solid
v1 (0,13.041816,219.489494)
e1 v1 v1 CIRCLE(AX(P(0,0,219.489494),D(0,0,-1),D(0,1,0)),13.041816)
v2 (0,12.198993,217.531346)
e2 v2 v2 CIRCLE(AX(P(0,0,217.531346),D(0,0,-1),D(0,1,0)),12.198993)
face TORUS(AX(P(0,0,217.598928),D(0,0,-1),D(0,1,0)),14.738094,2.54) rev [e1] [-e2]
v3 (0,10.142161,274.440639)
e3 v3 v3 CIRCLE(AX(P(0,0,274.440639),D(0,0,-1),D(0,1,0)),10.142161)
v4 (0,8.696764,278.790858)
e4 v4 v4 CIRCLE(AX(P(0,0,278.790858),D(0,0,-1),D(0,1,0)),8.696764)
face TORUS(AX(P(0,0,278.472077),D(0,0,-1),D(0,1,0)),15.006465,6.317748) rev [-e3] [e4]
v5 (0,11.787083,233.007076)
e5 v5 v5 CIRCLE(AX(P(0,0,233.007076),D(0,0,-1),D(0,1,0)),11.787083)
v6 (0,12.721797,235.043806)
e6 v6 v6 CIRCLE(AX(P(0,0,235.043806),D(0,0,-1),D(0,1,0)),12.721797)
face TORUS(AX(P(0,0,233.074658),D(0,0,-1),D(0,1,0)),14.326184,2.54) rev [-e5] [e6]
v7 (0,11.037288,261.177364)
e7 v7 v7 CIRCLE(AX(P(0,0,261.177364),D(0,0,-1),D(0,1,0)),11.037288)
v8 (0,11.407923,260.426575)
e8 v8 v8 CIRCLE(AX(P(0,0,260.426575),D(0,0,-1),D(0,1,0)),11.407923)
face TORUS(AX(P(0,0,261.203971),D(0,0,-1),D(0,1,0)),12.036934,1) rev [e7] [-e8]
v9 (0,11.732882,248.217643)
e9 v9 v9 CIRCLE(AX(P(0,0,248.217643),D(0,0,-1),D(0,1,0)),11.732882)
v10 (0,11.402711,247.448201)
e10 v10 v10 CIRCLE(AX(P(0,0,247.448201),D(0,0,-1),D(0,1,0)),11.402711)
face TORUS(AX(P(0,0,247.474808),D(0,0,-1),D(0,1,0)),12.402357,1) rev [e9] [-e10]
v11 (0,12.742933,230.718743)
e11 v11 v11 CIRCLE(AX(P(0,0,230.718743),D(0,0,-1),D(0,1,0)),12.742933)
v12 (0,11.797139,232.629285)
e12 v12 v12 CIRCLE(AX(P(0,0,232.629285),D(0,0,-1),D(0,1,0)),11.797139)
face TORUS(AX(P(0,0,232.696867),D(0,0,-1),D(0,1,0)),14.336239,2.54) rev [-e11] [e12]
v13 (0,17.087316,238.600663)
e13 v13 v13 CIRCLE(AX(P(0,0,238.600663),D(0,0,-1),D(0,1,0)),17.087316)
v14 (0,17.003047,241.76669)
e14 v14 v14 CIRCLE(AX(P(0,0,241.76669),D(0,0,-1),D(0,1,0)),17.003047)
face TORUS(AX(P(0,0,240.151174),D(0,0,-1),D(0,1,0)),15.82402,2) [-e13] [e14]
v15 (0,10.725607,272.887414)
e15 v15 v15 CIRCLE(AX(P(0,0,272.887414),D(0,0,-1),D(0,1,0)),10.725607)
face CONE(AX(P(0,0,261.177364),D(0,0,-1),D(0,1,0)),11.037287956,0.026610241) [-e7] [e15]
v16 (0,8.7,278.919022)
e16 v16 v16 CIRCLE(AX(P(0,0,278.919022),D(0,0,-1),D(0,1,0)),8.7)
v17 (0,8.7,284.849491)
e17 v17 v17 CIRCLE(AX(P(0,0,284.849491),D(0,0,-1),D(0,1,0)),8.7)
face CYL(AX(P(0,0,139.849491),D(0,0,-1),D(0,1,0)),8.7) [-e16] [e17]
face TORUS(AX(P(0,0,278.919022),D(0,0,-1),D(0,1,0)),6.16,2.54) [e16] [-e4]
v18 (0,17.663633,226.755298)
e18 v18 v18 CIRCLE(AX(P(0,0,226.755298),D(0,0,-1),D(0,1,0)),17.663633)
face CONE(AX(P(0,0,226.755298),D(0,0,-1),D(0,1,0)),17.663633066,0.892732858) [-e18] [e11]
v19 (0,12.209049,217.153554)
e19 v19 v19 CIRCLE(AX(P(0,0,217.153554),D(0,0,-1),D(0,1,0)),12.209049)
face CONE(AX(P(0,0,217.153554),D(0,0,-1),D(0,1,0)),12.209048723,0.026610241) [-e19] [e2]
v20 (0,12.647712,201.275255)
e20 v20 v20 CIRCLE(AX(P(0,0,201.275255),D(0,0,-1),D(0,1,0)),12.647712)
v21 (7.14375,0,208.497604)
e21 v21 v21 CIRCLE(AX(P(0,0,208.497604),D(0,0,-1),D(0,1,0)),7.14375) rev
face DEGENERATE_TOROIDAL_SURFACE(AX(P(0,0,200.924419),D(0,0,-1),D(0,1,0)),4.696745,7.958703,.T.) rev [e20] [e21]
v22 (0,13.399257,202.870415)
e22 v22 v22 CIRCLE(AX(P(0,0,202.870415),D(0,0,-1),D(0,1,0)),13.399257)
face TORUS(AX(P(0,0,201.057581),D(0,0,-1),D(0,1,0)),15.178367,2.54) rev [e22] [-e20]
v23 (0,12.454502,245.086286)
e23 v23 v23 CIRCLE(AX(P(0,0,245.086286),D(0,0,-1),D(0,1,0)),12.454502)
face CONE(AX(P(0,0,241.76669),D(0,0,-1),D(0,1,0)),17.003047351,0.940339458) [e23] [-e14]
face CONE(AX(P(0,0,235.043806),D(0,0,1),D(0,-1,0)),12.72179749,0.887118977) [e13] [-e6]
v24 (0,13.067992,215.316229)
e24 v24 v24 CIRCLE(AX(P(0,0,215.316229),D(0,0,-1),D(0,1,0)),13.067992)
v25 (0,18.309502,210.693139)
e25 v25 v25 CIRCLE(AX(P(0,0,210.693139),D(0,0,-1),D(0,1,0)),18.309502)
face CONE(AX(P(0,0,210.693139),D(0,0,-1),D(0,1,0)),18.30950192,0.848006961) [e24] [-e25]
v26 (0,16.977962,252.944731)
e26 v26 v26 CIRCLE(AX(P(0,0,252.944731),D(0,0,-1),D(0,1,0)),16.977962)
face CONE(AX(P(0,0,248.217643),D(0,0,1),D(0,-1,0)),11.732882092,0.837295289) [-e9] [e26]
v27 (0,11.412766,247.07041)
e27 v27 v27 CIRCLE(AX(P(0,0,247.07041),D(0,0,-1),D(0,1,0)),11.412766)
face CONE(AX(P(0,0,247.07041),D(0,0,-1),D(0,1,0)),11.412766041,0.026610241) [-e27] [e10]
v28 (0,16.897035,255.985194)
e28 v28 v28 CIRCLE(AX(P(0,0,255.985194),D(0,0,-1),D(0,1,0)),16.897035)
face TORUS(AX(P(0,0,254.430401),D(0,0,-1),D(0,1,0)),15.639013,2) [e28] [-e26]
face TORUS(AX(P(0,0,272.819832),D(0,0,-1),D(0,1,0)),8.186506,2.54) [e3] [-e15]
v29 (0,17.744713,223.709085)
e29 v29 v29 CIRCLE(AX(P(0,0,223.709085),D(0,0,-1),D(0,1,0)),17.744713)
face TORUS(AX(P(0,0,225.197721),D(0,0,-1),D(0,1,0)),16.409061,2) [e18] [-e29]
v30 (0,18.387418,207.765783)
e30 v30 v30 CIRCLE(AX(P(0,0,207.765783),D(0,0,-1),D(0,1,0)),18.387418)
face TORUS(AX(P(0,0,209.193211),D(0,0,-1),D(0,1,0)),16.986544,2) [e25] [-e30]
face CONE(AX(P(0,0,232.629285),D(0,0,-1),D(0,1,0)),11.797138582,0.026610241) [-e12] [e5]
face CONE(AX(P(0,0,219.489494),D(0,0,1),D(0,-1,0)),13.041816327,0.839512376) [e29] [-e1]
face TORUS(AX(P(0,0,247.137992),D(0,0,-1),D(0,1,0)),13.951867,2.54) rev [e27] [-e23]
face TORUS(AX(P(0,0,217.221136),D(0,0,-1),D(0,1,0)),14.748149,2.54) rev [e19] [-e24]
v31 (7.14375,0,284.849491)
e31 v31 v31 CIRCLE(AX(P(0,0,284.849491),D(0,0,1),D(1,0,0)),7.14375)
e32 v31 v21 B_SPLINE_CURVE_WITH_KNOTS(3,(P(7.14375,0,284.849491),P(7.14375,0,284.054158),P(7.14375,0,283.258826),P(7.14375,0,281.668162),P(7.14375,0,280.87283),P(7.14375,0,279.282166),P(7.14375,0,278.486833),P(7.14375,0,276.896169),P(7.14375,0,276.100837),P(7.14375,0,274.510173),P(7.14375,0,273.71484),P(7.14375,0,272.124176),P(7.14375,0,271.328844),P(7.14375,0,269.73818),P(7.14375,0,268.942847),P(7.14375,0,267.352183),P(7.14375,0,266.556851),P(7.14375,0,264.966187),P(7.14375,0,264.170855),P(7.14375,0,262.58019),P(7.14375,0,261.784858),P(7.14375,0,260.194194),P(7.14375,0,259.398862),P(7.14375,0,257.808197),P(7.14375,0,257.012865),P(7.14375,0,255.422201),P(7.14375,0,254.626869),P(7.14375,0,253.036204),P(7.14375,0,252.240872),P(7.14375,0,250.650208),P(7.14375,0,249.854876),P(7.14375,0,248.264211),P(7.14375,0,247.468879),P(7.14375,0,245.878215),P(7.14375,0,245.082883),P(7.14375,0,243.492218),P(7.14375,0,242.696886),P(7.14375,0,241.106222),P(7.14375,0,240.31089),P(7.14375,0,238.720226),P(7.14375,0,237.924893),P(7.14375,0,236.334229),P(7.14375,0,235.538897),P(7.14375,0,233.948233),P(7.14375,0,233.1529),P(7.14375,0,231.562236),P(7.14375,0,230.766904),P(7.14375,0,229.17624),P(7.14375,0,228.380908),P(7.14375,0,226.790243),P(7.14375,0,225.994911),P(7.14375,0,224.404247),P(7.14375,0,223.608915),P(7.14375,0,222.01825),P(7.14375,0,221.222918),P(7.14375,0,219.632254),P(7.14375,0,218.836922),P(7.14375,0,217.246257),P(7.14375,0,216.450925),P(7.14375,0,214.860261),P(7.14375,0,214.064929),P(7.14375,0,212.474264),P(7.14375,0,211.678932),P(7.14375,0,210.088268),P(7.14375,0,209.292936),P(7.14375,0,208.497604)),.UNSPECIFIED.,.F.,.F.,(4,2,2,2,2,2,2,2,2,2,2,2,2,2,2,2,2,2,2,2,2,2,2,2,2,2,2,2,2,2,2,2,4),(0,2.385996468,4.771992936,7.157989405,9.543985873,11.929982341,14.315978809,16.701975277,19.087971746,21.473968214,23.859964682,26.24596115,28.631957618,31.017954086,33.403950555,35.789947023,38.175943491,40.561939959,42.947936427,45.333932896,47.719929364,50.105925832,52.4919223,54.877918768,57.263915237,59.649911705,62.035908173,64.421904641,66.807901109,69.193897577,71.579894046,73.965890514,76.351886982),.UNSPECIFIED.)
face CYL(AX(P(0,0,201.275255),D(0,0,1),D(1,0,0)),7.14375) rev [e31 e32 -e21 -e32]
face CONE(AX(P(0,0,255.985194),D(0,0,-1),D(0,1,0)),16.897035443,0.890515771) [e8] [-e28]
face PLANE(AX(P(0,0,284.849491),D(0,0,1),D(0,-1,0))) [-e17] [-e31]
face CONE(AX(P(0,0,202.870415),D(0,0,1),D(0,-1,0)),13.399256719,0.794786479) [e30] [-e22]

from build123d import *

# Parameters (mm, degrees)
SKETCH21_R         = 7.14375
CUT_EXTRUDE1_DEPTH = 88.781720633


with BuildPart() as part:
    # Sketch20 → Revolve5 (revolve)
    with BuildSketch(Plane(origin=(0, 0, 0), x_dir=(0, 0, -1), z_dir=(1, 0, 0))):
        with BuildLine():
            Line((-274.849490611, 0), (-207.349490611, 0))
            ThreePointArc((-207.349490611, 0), (-208.098635765, 8.142259834), (-201.275255479, 12.647711549))
            ThreePointArc((-201.275255479, 12.647711549), (-202.14014541, 12.8806174), (-202.870414529, 13.399256719))
            Line((-202.870414529, 13.399256719), (-207.765783323, 18.387417939))
            ThreePointArc((-207.765783323, 18.387417939), (-209.246425651, 18.985835526), (-210.693138533, 18.30950192))
            Line((-210.693138533, 18.30950192), (-215.316229055, 13.067992403))
            ThreePointArc((-215.316229055, 13.067992403), (-216.145439142, 12.447176797), (-217.153554415, 12.209048723))
            Line((-217.153554415, 12.209048723), (-217.531345726, 12.198993232))
            ThreePointArc((-217.531345726, 12.198993232), (-218.603121904, 12.4050286), (-219.489494365, 13.041816327))
            Line((-219.489494365, 13.041816327), (-223.709085468, 17.744712666))
            ThreePointArc((-223.709085468, 17.744712666), (-225.25093479, 18.408352899), (-226.755298463, 17.663633066))
            Line((-226.755298463, 17.663633066), (-230.718742879, 12.742932769))
            ThreePointArc((-230.718742879, 12.742932769), (-231.569986193, 12.05989575), (-232.629284744, 11.797138582))
            Line((-232.629284744, 11.797138582), (-233.007076055, 11.787083091))
            ThreePointArc((-233.007076055, 11.787083091), (-234.134097172, 12.017680259), (-235.043806233, 12.72179749))
            Line((-235.043806233, 12.72179749), (-238.600663215, 17.08731598))
            ThreePointArc((-238.600663215, 17.08731598), (-240.204387765, 17.823311571), (-241.766690088, 17.003047351))
            Line((-241.766690088, 17.003047351), (-245.086285669, 12.454501599))
            ThreePointArc((-245.086285669, 12.454501599), (-245.957250925, 11.702989008), (-247.07040962, 11.412766041))
            Line((-247.07040962, 11.412766041), (-247.448200931, 11.40271055))
            ThreePointArc((-247.448200931, 11.40271055), (-247.869141584, 11.483389136), (-248.217643136, 11.732882092))
            Line((-248.217643136, 11.732882092), (-252.944731069, 16.977961992))
            ThreePointArc((-252.944731069, 16.977961992), (-254.483615479, 17.638305076), (-255.98519383, 16.897035443))
            Line((-255.98519383, 16.897035443), (-260.426574873, 11.407922772))
            ThreePointArc((-260.426574873, 11.407922772), (-260.761311123, 11.140244401), (-261.177364049, 11.037287956))
            Line((-261.177364049, 11.037287956), (-272.887414198, 10.72560713))
            ThreePointArc((-272.887414198, 10.72560713), (-273.71301011, 10.564285408), (-274.440639244, 10.14216084))
            ThreePointArc((-274.440639244, 10.14216084), (-276.48003092, 9.010992019), (-278.790858126, 8.696764494))
            ThreePointArc((-278.790858126, 8.696764494), (-278.854919498, 8.699190995), (-278.919021703, 8.7))
            Line((-278.919021703, 8.7), (-284.849490611, 8.7))
            Line((-284.849490611, 8.7), (-284.849490611, 3.236662781))
            Line((-284.849490611, 3.236662781), (-274.849490611, 3.236662781))
            Line((-274.849490611, 3.236662781), (-274.849490611, 0))
        make_face()
    revolve(axis=Axis((0, 0, 139.849490611), (0, 0, 1)))

    # Sketch21 → Cut-Extrude1 (cut, through all)
    with BuildSketch(Plane.XY.offset(284.849490611)):
        Circle(SKETCH21_R)
    extrude(amount=-CUT_EXTRUDE1_DEPTH, mode=Mode.SUBTRACT)


solid = part.part
